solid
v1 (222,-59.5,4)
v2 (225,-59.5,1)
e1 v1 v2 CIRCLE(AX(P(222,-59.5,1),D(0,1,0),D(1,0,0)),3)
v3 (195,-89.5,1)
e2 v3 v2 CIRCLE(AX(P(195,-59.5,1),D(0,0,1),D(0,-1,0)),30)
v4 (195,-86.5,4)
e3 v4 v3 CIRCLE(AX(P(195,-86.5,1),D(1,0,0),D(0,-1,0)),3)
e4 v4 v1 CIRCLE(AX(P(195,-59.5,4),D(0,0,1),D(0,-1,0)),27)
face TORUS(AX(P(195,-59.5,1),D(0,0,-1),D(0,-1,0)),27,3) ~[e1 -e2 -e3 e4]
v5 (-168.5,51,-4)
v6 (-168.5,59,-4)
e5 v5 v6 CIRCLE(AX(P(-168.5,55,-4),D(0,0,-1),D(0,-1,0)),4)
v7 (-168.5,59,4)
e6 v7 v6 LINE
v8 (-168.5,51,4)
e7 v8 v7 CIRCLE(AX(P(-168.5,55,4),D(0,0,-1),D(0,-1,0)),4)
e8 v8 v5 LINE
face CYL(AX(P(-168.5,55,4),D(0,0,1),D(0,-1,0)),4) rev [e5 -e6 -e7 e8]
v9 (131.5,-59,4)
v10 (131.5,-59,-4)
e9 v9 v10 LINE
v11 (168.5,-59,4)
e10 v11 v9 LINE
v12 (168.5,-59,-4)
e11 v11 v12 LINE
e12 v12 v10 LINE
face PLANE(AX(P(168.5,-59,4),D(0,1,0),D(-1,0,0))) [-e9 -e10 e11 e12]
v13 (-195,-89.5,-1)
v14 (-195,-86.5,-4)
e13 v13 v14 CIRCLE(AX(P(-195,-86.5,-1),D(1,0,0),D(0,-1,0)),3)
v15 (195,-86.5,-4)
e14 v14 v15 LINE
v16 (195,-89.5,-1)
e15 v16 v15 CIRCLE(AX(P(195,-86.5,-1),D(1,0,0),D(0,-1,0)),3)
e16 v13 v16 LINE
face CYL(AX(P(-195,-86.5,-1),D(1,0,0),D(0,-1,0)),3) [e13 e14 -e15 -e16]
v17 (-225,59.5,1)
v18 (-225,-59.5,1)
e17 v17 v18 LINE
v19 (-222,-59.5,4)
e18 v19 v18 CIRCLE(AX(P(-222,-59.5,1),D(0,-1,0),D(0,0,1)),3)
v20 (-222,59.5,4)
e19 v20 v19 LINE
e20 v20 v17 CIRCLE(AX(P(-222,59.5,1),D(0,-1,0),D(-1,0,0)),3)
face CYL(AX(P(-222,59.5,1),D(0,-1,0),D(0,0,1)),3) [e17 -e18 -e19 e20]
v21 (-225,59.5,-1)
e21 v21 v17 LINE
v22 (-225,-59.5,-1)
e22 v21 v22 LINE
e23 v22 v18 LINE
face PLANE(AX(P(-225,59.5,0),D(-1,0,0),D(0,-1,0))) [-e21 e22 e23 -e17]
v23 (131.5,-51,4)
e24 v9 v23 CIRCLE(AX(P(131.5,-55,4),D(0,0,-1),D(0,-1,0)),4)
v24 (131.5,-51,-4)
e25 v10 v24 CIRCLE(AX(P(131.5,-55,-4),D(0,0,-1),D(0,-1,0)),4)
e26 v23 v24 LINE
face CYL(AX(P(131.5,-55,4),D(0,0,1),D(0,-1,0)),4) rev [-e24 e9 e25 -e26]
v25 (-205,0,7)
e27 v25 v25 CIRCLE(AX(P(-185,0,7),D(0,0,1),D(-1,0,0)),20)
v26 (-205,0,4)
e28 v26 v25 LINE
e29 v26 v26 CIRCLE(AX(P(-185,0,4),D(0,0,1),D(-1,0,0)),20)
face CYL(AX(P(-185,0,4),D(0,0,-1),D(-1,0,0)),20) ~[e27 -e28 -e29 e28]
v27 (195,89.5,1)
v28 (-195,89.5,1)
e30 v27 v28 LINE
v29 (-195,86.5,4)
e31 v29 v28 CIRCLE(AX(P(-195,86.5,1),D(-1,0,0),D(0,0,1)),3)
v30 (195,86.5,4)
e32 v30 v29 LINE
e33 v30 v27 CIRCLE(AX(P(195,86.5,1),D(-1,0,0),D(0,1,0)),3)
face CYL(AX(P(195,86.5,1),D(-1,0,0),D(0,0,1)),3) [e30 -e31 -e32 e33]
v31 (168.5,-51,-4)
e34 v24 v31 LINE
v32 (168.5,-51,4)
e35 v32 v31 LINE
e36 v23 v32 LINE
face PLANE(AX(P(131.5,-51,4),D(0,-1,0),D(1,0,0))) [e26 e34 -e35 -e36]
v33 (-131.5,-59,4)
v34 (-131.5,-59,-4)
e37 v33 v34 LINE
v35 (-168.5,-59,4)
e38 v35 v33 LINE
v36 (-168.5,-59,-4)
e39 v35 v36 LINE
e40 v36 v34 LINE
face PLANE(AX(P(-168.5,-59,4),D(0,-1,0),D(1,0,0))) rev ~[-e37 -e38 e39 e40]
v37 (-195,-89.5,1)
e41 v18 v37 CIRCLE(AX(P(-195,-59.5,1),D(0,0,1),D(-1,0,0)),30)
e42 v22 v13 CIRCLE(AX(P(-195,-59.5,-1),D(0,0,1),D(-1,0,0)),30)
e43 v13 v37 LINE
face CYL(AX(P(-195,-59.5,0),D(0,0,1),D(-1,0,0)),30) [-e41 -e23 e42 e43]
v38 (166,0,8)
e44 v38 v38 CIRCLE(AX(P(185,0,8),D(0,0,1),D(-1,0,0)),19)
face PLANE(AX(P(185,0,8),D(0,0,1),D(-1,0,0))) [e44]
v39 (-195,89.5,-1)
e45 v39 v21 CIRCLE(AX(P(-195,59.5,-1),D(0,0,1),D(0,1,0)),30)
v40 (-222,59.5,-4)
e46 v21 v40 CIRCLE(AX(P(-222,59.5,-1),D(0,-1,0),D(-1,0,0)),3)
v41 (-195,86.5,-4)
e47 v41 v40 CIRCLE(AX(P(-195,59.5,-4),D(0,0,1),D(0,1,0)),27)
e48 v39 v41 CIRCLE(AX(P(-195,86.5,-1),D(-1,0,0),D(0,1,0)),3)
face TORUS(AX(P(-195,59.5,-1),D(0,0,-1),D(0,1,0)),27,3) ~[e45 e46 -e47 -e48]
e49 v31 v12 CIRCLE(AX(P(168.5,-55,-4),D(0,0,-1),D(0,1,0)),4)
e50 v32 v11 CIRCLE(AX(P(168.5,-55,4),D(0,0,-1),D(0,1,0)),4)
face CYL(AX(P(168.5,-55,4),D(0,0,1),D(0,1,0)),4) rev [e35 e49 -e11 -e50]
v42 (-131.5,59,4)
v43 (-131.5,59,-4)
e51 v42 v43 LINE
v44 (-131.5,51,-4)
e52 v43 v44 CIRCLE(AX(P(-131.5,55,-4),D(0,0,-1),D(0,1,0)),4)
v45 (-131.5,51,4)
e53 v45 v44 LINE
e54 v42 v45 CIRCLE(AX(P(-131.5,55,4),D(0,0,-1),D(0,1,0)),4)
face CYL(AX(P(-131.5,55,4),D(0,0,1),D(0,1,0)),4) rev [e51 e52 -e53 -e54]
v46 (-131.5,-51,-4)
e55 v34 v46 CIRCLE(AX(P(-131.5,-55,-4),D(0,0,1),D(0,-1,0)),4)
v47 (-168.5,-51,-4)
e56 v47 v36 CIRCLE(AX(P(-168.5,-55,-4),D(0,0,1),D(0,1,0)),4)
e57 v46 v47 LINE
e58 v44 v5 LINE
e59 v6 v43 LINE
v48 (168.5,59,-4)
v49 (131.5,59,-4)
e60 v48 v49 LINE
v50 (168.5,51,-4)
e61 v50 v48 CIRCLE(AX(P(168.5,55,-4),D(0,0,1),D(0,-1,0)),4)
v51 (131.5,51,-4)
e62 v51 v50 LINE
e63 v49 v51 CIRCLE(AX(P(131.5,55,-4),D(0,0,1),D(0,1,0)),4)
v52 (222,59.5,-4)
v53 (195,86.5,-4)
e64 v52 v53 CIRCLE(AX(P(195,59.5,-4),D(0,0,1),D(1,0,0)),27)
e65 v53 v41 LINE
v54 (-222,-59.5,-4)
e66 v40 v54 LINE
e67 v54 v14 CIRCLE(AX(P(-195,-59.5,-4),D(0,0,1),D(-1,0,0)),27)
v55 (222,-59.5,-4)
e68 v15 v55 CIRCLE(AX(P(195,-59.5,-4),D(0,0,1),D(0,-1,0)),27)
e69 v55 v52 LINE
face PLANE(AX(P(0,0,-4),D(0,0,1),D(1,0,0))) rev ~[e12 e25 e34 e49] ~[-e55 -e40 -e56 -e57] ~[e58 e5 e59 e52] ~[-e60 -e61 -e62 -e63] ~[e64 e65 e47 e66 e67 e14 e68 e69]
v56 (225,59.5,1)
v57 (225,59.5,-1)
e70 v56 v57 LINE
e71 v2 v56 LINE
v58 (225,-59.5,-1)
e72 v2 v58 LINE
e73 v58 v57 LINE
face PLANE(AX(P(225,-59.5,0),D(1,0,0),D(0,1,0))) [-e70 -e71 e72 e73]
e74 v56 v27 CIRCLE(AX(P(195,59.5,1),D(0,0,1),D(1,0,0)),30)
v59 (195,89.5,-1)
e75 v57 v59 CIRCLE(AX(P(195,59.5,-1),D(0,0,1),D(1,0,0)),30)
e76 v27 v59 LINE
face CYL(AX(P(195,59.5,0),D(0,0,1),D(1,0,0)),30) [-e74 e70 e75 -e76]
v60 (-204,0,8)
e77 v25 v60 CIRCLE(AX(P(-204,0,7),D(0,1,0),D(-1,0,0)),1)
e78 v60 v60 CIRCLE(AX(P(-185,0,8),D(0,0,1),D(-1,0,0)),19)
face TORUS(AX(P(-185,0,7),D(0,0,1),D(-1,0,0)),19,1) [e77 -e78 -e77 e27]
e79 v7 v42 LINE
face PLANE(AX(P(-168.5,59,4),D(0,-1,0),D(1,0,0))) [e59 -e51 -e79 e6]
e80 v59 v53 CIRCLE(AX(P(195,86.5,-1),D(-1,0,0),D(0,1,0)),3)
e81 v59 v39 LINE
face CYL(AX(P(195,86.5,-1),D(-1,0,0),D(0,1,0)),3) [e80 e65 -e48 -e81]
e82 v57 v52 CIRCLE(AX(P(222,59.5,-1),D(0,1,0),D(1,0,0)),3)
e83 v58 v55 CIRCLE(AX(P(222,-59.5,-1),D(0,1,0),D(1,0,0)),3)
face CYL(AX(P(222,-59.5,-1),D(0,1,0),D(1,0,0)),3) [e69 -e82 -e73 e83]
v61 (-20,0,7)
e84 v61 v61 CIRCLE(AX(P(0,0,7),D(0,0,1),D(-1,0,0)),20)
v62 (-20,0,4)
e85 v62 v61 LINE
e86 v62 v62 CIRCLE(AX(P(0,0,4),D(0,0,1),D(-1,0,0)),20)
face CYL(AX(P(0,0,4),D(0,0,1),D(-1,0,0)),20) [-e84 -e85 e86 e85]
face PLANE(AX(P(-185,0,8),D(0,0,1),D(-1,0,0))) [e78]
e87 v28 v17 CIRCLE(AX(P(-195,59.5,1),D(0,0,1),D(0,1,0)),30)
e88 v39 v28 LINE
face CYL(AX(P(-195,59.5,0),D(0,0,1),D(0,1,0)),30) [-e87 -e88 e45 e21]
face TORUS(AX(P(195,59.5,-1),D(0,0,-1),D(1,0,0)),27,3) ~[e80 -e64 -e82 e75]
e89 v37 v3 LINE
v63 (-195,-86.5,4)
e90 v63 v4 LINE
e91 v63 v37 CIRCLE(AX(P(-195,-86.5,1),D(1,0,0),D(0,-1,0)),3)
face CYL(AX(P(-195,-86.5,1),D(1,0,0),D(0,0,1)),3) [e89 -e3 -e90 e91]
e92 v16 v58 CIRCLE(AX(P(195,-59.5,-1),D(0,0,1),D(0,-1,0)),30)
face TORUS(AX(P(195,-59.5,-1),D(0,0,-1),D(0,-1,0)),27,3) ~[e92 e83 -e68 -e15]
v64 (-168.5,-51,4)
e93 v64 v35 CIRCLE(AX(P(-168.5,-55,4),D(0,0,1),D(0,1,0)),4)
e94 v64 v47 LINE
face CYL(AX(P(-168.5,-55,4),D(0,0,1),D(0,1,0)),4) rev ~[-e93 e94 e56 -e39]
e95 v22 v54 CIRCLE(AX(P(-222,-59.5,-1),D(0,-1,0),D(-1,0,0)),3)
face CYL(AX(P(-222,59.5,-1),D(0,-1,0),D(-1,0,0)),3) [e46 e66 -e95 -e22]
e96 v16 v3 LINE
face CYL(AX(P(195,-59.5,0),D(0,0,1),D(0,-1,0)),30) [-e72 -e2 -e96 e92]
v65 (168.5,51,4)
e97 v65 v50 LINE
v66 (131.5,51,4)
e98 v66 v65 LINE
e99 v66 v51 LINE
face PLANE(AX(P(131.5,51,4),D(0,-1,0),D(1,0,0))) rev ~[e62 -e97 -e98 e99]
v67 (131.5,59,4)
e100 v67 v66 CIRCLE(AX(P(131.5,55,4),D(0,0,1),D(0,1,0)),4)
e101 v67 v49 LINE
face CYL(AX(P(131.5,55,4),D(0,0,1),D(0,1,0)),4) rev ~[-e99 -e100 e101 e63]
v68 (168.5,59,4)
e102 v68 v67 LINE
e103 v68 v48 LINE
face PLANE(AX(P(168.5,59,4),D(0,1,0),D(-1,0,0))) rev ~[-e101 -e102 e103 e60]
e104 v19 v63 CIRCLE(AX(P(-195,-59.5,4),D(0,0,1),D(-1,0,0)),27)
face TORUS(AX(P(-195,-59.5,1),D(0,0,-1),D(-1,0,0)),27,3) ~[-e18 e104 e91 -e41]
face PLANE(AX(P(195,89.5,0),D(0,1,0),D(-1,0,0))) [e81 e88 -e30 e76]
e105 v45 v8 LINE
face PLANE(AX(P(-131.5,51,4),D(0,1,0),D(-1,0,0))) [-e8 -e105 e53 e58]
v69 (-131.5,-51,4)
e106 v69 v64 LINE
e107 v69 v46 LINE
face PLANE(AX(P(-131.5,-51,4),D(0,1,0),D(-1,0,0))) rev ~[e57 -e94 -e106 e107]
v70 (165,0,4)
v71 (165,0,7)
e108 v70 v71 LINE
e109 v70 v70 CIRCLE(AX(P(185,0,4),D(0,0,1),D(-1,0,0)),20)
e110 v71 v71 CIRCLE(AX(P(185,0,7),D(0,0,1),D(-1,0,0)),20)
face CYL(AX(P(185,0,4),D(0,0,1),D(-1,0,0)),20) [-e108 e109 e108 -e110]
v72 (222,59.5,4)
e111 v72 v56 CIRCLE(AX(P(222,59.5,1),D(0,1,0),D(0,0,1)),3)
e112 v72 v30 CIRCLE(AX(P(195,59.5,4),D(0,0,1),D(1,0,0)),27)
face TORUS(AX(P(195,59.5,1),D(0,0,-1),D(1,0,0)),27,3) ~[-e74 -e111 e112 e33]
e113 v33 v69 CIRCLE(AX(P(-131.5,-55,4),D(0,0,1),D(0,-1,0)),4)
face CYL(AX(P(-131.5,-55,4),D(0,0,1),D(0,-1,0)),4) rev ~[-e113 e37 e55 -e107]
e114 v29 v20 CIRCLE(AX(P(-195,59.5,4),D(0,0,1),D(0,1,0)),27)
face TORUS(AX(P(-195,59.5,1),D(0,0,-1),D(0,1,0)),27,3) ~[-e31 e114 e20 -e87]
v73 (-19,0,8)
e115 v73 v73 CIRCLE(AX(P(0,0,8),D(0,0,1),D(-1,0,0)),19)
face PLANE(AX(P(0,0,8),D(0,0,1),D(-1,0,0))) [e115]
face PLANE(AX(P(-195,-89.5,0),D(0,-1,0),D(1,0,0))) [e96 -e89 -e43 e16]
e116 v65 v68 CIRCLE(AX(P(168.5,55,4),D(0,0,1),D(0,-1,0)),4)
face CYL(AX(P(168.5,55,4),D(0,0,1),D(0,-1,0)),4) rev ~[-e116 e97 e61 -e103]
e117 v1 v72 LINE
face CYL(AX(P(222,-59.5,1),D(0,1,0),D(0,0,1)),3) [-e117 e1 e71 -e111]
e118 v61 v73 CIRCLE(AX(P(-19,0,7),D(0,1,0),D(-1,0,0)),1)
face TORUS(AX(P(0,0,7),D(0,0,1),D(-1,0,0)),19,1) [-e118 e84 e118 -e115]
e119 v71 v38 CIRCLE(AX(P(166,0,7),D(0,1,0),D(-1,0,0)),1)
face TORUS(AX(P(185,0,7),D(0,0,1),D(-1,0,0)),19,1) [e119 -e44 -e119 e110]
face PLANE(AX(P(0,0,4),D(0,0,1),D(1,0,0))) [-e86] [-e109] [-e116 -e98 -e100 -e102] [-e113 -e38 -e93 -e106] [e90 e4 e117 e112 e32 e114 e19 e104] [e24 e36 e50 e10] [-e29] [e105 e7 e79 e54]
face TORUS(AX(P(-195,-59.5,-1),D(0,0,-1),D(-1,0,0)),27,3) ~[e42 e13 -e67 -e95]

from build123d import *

# Parameters (mm, degrees)
BOSS_EXTRUDE1_DEPTH = 4
SKETCH2_R           = 20
BOSS_EXTRUDE2_DEPTH = 4
SKETCH3_R           = 20
BOSS_EXTRUDE3_DEPTH = 4
CUT_EXTRUDE2_DEPTH  = 8
FILLET1_R           = 3
FILLET2_R           = 1


with BuildPart() as part:
    # Sketch1 → Boss-Extrude1 (new, symmetric)
    with BuildSketch(Plane.XY):
        with BuildLine():
            Line((195, 89.5), (-195, 89.5))
            ThreePointArc((-195, 89.5), (-216.213203436, 80.713203436), (-225, 59.5))
            Line((-225, 59.5), (-225, -59.5))
            ThreePointArc((-225, -59.5), (-216.213203436, -80.713203436), (-195, -89.5))
            Line((-195, -89.5), (195, -89.5))
            ThreePointArc((195, -89.5), (216.213203436, -80.713203436), (225, -59.5))
            Line((225, -59.5), (225, 59.5))
            ThreePointArc((225, 59.5), (216.213203436, 80.713203436), (195, 89.5))
        make_face()
    extrude(amount=BOSS_EXTRUDE1_DEPTH, both=True)

    # Sketch2 → Boss-Extrude2 (add, symmetric)
    with BuildSketch(Plane.XY.offset(4)):
        with Locations(Location((-185, 0, 0), (0, 0, 180))):
            Circle(SKETCH2_R)
        with Locations(Location((185, 0, 0), (0, 0, 180))):
            Circle(SKETCH2_R)
    extrude(amount=BOSS_EXTRUDE2_DEPTH, both=True)

    # Sketch3 → Boss-Extrude3 (add, symmetric)
    with BuildSketch(Plane.XY.offset(4)):
        with Locations(Location((0, 0, 0), (0, 0, 180))):
            Circle(SKETCH3_R)
    extrude(amount=BOSS_EXTRUDE3_DEPTH, both=True)

    # Sketch4 → Cut-Extrude2 (cut)
    with BuildSketch(Plane.XY.offset(4)):
        with BuildLine():
            Line((-168.5, 59), (-131.5, 59))
            ThreePointArc((-131.5, 59), (-127.5, 55), (-131.5, 51))
            Line((-131.5, 51), (-168.5, 51))
            ThreePointArc((-168.5, 51), (-172.5, 55), (-168.5, 59))
        make_face()
        with BuildLine():
            Line((168.5, 59), (131.5, 59))
            ThreePointArc((131.5, 59), (127.5, 55), (131.5, 51))
            Line((131.5, 51), (168.5, 51))
            ThreePointArc((168.5, 51), (172.5, 55), (168.5, 59))
        make_face()
        with BuildLine():
            Line((-168.5, -59), (-131.5, -59))
            ThreePointArc((-131.5, -59), (-127.5, -55), (-131.5, -51))
            Line((-131.5, -51), (-168.5, -51))
            ThreePointArc((-168.5, -51), (-172.5, -55), (-168.5, -59))
        make_face()
        with BuildLine():
            Line((168.5, -59), (131.5, -59))
            ThreePointArc((131.5, -59), (127.5, -55), (131.5, -51))
            Line((131.5, -51), (168.5, -51))
            ThreePointArc((168.5, -51), (172.5, -55), (168.5, -59))
        make_face()
    extrude(amount=-CUT_EXTRUDE2_DEPTH, mode=Mode.SUBTRACT)

    # Fillet1
    fillet1_edges = [part.edges().sort_by_distance(p)[0] for p in [
        (225, 0, -4),
        (216.213203436, -80.713203436, -4),
        (0, -89.5, -4),
        (-216.213203436, -80.713203436, -4),
        (216.213203436, -80.713203436, 4),
        (225, 0, 4),
        (216.213203436, 80.713203436, 4),
        (0, 89.5, 4),
        (-216.213203436, 80.713203436, 4),
        (-225, 0, 4),
        (-216.213203436, -80.713203436, 4),
        (-225, 0, -4),
        (0, -89.5, 4),
        (-216.213203436, 80.713203436, -4),
        (0, 89.5, -4),
        (216.213203436, 80.713203436, -4),
    ]]
    fillet(fillet1_edges, radius=FILLET1_R)

    # Fillet2
    fillet2_edges = [part.edges().sort_by_distance(p)[0] for p in [
        (205, 0, 8),
        (-165, 0, 8),
        (20, 0, 8),
    ]]
    fillet(fillet2_edges, radius=FILLET2_R)


solid = part.part
